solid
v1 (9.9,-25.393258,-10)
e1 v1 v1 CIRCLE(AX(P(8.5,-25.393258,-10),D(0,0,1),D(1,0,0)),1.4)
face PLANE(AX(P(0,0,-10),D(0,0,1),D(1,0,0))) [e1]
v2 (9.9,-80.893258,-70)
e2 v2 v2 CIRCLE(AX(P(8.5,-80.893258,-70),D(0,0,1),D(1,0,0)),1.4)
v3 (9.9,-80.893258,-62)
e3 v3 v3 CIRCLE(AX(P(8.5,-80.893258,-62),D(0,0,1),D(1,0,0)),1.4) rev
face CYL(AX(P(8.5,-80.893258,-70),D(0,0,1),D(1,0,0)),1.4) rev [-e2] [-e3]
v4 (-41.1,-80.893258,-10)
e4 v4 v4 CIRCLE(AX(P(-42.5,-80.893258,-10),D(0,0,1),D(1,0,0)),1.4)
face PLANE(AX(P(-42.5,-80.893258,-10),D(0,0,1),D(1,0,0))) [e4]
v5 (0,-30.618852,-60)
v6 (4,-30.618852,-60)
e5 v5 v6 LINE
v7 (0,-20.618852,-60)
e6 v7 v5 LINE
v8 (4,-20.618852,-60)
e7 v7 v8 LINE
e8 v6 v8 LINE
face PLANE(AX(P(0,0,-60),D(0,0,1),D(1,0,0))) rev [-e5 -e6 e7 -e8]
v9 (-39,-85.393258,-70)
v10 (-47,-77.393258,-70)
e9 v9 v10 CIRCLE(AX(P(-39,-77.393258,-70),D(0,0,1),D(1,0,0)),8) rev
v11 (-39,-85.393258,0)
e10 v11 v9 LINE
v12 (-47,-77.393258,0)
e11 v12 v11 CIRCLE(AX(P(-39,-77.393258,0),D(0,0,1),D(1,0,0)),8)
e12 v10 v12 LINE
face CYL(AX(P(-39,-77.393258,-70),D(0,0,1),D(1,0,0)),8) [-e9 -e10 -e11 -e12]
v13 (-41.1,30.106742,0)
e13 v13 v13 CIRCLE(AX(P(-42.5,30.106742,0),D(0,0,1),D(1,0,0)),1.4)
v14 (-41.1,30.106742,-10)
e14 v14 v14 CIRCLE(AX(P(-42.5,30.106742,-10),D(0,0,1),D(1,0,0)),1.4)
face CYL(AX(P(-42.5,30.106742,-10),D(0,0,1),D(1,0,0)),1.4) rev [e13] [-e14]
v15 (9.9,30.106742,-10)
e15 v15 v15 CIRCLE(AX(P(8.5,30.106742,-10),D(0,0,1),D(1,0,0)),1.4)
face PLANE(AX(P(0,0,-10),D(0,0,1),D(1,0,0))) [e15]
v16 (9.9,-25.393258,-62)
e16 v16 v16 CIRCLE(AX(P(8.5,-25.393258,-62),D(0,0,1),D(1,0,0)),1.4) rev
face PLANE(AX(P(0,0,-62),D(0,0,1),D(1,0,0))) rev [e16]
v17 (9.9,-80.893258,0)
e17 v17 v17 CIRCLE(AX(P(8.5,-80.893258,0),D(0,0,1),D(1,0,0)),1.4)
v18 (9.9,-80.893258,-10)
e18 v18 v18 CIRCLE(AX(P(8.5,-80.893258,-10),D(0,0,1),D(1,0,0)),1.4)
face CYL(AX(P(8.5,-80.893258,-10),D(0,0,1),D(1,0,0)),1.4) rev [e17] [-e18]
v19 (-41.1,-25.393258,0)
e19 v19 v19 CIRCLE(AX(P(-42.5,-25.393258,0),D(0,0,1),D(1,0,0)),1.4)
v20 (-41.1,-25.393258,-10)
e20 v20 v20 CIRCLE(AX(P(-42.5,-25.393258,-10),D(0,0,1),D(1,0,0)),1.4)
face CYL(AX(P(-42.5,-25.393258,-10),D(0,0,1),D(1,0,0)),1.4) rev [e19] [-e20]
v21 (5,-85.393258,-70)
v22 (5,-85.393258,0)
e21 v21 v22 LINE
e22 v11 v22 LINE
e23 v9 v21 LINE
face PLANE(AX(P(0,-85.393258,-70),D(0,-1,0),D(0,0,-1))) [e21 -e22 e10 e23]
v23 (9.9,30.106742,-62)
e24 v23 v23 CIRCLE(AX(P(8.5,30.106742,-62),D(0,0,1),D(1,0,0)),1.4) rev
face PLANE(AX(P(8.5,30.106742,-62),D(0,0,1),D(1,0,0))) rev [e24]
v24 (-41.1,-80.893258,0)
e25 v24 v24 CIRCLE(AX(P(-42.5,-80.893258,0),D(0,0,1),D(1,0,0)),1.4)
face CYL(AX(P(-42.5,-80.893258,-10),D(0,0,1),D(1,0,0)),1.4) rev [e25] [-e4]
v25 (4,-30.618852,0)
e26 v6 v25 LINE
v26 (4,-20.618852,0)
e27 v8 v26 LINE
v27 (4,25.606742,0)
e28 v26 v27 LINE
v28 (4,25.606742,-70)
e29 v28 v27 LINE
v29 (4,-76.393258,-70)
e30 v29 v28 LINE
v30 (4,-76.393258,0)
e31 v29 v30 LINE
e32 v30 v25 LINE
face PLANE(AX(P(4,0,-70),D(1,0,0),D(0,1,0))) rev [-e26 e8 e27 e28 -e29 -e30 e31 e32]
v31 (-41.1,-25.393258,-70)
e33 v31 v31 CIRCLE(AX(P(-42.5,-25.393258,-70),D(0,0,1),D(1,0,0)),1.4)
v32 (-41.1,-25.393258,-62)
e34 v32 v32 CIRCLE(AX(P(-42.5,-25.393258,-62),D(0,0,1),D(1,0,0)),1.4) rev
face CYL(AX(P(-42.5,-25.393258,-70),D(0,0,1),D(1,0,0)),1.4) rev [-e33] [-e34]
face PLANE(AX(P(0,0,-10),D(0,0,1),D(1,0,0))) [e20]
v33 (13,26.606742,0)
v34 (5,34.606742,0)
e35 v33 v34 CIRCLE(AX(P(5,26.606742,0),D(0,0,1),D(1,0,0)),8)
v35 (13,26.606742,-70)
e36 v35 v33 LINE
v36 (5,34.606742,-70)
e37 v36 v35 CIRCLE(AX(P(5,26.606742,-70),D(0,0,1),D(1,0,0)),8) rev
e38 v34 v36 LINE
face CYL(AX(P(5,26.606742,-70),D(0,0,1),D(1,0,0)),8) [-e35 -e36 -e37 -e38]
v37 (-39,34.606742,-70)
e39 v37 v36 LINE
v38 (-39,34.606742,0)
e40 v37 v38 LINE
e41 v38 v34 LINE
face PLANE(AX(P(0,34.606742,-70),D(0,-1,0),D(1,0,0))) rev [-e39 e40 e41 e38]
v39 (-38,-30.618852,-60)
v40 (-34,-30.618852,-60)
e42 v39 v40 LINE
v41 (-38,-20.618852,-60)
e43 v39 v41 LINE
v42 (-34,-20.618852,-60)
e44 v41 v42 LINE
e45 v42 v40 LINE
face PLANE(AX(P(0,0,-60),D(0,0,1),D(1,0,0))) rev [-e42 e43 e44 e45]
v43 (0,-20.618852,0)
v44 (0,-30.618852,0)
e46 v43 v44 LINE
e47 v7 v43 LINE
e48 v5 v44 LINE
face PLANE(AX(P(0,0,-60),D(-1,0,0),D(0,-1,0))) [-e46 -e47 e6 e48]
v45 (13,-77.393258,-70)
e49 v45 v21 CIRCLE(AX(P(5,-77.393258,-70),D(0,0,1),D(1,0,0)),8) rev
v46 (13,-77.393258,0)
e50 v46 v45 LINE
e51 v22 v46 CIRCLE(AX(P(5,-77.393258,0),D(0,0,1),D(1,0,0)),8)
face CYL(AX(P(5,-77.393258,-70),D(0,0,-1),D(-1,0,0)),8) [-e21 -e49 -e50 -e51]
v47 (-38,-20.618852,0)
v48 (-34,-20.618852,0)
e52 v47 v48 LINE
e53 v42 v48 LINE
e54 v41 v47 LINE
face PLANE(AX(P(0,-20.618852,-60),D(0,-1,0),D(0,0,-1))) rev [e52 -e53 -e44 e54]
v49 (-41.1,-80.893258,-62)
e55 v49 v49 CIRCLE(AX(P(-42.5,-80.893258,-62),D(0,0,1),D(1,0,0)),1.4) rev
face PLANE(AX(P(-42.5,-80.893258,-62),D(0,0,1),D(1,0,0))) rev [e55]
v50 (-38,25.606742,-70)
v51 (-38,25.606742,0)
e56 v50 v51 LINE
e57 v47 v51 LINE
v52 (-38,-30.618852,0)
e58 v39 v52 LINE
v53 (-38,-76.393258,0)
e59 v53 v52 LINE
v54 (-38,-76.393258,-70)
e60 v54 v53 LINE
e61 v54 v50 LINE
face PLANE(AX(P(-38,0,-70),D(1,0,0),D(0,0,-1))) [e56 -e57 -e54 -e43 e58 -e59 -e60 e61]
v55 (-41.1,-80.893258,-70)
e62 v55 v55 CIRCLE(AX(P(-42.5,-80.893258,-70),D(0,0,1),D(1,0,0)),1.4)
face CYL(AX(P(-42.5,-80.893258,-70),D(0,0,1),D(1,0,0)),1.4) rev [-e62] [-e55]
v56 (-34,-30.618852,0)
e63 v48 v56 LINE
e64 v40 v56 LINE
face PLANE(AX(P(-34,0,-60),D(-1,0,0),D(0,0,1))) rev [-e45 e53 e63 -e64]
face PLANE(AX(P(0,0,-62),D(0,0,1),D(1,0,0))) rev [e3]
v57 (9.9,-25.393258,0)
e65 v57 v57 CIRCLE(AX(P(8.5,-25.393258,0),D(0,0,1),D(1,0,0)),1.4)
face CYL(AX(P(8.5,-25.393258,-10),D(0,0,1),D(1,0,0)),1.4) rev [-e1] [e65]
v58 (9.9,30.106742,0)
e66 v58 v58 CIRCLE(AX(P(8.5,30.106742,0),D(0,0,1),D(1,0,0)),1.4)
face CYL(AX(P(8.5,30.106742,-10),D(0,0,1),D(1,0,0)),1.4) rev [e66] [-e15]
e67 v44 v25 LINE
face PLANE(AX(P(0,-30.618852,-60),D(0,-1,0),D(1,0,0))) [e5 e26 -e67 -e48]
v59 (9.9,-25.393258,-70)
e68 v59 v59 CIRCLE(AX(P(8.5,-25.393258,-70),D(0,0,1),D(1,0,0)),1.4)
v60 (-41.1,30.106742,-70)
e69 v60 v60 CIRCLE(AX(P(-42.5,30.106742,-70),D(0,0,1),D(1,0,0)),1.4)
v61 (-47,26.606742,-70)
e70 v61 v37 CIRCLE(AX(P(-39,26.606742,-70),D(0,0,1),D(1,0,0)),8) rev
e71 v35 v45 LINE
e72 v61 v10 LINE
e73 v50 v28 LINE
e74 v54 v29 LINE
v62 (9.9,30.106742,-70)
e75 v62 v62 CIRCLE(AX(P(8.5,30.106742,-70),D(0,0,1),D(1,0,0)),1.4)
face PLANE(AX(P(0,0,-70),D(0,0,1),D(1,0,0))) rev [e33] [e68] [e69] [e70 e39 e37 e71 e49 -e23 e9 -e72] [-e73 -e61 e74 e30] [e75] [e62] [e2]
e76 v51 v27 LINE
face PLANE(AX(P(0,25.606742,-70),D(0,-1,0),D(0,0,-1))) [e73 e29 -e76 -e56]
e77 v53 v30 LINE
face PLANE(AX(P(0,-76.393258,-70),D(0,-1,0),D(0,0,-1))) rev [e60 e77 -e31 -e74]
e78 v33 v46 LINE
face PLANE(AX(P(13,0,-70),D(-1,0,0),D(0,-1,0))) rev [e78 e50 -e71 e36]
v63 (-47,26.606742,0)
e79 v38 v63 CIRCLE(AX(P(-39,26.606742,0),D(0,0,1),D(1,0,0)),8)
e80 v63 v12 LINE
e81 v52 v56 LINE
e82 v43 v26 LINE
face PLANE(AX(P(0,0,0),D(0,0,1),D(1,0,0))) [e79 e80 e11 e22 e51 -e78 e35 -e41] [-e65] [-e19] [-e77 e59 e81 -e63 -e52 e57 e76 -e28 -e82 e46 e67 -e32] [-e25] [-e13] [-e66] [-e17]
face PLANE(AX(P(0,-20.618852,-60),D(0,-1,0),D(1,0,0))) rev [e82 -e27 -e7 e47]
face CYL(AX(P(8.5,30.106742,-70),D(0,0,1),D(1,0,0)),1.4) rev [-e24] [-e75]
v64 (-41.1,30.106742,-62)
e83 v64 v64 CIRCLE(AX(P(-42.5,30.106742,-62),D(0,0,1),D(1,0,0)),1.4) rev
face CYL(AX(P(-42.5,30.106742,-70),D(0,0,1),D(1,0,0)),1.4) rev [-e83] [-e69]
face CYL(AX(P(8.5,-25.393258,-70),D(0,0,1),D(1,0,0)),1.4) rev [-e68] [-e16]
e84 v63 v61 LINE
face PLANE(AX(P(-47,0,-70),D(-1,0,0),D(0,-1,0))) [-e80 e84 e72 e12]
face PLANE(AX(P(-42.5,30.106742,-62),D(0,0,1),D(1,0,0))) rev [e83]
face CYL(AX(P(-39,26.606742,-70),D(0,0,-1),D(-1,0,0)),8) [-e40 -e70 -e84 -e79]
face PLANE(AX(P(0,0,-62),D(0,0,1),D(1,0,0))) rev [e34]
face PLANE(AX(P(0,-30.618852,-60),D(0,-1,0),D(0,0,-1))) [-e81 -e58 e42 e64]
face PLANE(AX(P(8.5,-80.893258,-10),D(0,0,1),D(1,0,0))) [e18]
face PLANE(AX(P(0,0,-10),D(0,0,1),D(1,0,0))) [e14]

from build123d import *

# Parameters (mm, degrees)
SKETCH1_W           = 60
SKETCH1_H           = 120
SKETCH1_R           = 1.4
BOSS_EXTRUDE1_DEPTH = 70
SKETCH1_5_W         = 4
SKETCH1_5_H         = 10
BOSS_EXTRUDE3_DEPTH = 60
SKETCH1_7_R         = 1.4
BOSS_EXTRUDE5_DEPTH = 62
SKETCH1_8_R         = 1.4
CUT_EXTRUDE1_DEPTH  = 10
FILLET1_R           = 8


with BuildPart() as part:
    # Sketch1 → Boss-Extrude1 (new body)
    with BuildSketch(Plane.XY):
        with Locations((-17, -25.393258427)):
            Rectangle(SKETCH1_W, SKETCH1_H)
        with Locations((-42.5, -80.893258427)):
            Circle(SKETCH1_R, mode=Mode.SUBTRACT)
        with Locations((-42.5, -25.393258427)):
            Circle(SKETCH1_R, mode=Mode.SUBTRACT)
        Polygon((-38, -30.618851522), (-38, -20.618851522), (-38, 25.606741573), (4, 25.606741573), (4, -20.618851522), (4, -30.618851522), (4, -76.393258427), (-38, -76.393258427), align=None, mode=Mode.SUBTRACT)
        with Locations((8.5, -80.893258427)):
            Circle(SKETCH1_R, mode=Mode.SUBTRACT)
        with Locations((8.5, -25.393258427)):
            Circle(SKETCH1_R, mode=Mode.SUBTRACT)
        with Locations((-42.5, 30.106741573)):
            Circle(SKETCH1_R, mode=Mode.SUBTRACT)
        with Locations((8.5, 30.106741573)):
            Circle(SKETCH1_R, mode=Mode.SUBTRACT)
    extrude(amount=-BOSS_EXTRUDE1_DEPTH)

    # Sketch1<5> → Boss-Extrude3 (add)
    with BuildSketch(Plane.XY):
        with Locations((-36, -25.618851522)):
            Rectangle(SKETCH1_5_W, SKETCH1_5_H)
        with Locations((2, -25.618851522)):
            Rectangle(SKETCH1_5_W, SKETCH1_5_H)
    extrude(amount=-BOSS_EXTRUDE3_DEPTH)

    # Sketch1<7> → Boss-Extrude5 (add)
    with BuildSketch(Plane.XY):
        with Locations((8.5, 30.106741573)):
            Circle(SKETCH1_7_R)
        with Locations((-42.5, 30.106741573)):
            Circle(SKETCH1_7_R)
        with Locations((-42.5, -80.893258427)):
            Circle(SKETCH1_7_R)
        with Locations((8.5, -80.893258427)):
            Circle(SKETCH1_7_R)
        with Locations((-42.5, -25.393258427)):
            Circle(SKETCH1_7_R)
        with Locations((8.5, -25.393258427)):
            Circle(SKETCH1_7_R)
    extrude(amount=-BOSS_EXTRUDE5_DEPTH)

    # Sketch1<8> → Cut-Extrude1 (cut)
    with BuildSketch(Plane.XY):
        with Locations((8.5, 30.106741573)):
            Circle(SKETCH1_8_R)
        with Locations((-42.5, 30.106741573)):
            Circle(SKETCH1_8_R)
        with Locations((-42.5, -80.893258427)):
            Circle(SKETCH1_8_R)
        with Locations((8.5, -80.893258427)):
            Circle(SKETCH1_8_R)
        with Locations((-42.5, -25.393258427)):
            Circle(SKETCH1_8_R)
        with Locations((8.5, -25.393258427)):
            Circle(SKETCH1_8_R)
    extrude(amount=-CUT_EXTRUDE1_DEPTH, mode=Mode.SUBTRACT)

    # Fillet1
    fillet1_edges = [part.edges().sort_by_distance(p)[0] for p in [
        (13, -85.393258427, -35),
        (-47, -85.393258427, -35),
        (-47, 34.606741573, -35),
        (13, 34.606741573, -35),
    ]]
    fillet(fillet1_edges, radius=FILLET1_R)


solid = part.part
